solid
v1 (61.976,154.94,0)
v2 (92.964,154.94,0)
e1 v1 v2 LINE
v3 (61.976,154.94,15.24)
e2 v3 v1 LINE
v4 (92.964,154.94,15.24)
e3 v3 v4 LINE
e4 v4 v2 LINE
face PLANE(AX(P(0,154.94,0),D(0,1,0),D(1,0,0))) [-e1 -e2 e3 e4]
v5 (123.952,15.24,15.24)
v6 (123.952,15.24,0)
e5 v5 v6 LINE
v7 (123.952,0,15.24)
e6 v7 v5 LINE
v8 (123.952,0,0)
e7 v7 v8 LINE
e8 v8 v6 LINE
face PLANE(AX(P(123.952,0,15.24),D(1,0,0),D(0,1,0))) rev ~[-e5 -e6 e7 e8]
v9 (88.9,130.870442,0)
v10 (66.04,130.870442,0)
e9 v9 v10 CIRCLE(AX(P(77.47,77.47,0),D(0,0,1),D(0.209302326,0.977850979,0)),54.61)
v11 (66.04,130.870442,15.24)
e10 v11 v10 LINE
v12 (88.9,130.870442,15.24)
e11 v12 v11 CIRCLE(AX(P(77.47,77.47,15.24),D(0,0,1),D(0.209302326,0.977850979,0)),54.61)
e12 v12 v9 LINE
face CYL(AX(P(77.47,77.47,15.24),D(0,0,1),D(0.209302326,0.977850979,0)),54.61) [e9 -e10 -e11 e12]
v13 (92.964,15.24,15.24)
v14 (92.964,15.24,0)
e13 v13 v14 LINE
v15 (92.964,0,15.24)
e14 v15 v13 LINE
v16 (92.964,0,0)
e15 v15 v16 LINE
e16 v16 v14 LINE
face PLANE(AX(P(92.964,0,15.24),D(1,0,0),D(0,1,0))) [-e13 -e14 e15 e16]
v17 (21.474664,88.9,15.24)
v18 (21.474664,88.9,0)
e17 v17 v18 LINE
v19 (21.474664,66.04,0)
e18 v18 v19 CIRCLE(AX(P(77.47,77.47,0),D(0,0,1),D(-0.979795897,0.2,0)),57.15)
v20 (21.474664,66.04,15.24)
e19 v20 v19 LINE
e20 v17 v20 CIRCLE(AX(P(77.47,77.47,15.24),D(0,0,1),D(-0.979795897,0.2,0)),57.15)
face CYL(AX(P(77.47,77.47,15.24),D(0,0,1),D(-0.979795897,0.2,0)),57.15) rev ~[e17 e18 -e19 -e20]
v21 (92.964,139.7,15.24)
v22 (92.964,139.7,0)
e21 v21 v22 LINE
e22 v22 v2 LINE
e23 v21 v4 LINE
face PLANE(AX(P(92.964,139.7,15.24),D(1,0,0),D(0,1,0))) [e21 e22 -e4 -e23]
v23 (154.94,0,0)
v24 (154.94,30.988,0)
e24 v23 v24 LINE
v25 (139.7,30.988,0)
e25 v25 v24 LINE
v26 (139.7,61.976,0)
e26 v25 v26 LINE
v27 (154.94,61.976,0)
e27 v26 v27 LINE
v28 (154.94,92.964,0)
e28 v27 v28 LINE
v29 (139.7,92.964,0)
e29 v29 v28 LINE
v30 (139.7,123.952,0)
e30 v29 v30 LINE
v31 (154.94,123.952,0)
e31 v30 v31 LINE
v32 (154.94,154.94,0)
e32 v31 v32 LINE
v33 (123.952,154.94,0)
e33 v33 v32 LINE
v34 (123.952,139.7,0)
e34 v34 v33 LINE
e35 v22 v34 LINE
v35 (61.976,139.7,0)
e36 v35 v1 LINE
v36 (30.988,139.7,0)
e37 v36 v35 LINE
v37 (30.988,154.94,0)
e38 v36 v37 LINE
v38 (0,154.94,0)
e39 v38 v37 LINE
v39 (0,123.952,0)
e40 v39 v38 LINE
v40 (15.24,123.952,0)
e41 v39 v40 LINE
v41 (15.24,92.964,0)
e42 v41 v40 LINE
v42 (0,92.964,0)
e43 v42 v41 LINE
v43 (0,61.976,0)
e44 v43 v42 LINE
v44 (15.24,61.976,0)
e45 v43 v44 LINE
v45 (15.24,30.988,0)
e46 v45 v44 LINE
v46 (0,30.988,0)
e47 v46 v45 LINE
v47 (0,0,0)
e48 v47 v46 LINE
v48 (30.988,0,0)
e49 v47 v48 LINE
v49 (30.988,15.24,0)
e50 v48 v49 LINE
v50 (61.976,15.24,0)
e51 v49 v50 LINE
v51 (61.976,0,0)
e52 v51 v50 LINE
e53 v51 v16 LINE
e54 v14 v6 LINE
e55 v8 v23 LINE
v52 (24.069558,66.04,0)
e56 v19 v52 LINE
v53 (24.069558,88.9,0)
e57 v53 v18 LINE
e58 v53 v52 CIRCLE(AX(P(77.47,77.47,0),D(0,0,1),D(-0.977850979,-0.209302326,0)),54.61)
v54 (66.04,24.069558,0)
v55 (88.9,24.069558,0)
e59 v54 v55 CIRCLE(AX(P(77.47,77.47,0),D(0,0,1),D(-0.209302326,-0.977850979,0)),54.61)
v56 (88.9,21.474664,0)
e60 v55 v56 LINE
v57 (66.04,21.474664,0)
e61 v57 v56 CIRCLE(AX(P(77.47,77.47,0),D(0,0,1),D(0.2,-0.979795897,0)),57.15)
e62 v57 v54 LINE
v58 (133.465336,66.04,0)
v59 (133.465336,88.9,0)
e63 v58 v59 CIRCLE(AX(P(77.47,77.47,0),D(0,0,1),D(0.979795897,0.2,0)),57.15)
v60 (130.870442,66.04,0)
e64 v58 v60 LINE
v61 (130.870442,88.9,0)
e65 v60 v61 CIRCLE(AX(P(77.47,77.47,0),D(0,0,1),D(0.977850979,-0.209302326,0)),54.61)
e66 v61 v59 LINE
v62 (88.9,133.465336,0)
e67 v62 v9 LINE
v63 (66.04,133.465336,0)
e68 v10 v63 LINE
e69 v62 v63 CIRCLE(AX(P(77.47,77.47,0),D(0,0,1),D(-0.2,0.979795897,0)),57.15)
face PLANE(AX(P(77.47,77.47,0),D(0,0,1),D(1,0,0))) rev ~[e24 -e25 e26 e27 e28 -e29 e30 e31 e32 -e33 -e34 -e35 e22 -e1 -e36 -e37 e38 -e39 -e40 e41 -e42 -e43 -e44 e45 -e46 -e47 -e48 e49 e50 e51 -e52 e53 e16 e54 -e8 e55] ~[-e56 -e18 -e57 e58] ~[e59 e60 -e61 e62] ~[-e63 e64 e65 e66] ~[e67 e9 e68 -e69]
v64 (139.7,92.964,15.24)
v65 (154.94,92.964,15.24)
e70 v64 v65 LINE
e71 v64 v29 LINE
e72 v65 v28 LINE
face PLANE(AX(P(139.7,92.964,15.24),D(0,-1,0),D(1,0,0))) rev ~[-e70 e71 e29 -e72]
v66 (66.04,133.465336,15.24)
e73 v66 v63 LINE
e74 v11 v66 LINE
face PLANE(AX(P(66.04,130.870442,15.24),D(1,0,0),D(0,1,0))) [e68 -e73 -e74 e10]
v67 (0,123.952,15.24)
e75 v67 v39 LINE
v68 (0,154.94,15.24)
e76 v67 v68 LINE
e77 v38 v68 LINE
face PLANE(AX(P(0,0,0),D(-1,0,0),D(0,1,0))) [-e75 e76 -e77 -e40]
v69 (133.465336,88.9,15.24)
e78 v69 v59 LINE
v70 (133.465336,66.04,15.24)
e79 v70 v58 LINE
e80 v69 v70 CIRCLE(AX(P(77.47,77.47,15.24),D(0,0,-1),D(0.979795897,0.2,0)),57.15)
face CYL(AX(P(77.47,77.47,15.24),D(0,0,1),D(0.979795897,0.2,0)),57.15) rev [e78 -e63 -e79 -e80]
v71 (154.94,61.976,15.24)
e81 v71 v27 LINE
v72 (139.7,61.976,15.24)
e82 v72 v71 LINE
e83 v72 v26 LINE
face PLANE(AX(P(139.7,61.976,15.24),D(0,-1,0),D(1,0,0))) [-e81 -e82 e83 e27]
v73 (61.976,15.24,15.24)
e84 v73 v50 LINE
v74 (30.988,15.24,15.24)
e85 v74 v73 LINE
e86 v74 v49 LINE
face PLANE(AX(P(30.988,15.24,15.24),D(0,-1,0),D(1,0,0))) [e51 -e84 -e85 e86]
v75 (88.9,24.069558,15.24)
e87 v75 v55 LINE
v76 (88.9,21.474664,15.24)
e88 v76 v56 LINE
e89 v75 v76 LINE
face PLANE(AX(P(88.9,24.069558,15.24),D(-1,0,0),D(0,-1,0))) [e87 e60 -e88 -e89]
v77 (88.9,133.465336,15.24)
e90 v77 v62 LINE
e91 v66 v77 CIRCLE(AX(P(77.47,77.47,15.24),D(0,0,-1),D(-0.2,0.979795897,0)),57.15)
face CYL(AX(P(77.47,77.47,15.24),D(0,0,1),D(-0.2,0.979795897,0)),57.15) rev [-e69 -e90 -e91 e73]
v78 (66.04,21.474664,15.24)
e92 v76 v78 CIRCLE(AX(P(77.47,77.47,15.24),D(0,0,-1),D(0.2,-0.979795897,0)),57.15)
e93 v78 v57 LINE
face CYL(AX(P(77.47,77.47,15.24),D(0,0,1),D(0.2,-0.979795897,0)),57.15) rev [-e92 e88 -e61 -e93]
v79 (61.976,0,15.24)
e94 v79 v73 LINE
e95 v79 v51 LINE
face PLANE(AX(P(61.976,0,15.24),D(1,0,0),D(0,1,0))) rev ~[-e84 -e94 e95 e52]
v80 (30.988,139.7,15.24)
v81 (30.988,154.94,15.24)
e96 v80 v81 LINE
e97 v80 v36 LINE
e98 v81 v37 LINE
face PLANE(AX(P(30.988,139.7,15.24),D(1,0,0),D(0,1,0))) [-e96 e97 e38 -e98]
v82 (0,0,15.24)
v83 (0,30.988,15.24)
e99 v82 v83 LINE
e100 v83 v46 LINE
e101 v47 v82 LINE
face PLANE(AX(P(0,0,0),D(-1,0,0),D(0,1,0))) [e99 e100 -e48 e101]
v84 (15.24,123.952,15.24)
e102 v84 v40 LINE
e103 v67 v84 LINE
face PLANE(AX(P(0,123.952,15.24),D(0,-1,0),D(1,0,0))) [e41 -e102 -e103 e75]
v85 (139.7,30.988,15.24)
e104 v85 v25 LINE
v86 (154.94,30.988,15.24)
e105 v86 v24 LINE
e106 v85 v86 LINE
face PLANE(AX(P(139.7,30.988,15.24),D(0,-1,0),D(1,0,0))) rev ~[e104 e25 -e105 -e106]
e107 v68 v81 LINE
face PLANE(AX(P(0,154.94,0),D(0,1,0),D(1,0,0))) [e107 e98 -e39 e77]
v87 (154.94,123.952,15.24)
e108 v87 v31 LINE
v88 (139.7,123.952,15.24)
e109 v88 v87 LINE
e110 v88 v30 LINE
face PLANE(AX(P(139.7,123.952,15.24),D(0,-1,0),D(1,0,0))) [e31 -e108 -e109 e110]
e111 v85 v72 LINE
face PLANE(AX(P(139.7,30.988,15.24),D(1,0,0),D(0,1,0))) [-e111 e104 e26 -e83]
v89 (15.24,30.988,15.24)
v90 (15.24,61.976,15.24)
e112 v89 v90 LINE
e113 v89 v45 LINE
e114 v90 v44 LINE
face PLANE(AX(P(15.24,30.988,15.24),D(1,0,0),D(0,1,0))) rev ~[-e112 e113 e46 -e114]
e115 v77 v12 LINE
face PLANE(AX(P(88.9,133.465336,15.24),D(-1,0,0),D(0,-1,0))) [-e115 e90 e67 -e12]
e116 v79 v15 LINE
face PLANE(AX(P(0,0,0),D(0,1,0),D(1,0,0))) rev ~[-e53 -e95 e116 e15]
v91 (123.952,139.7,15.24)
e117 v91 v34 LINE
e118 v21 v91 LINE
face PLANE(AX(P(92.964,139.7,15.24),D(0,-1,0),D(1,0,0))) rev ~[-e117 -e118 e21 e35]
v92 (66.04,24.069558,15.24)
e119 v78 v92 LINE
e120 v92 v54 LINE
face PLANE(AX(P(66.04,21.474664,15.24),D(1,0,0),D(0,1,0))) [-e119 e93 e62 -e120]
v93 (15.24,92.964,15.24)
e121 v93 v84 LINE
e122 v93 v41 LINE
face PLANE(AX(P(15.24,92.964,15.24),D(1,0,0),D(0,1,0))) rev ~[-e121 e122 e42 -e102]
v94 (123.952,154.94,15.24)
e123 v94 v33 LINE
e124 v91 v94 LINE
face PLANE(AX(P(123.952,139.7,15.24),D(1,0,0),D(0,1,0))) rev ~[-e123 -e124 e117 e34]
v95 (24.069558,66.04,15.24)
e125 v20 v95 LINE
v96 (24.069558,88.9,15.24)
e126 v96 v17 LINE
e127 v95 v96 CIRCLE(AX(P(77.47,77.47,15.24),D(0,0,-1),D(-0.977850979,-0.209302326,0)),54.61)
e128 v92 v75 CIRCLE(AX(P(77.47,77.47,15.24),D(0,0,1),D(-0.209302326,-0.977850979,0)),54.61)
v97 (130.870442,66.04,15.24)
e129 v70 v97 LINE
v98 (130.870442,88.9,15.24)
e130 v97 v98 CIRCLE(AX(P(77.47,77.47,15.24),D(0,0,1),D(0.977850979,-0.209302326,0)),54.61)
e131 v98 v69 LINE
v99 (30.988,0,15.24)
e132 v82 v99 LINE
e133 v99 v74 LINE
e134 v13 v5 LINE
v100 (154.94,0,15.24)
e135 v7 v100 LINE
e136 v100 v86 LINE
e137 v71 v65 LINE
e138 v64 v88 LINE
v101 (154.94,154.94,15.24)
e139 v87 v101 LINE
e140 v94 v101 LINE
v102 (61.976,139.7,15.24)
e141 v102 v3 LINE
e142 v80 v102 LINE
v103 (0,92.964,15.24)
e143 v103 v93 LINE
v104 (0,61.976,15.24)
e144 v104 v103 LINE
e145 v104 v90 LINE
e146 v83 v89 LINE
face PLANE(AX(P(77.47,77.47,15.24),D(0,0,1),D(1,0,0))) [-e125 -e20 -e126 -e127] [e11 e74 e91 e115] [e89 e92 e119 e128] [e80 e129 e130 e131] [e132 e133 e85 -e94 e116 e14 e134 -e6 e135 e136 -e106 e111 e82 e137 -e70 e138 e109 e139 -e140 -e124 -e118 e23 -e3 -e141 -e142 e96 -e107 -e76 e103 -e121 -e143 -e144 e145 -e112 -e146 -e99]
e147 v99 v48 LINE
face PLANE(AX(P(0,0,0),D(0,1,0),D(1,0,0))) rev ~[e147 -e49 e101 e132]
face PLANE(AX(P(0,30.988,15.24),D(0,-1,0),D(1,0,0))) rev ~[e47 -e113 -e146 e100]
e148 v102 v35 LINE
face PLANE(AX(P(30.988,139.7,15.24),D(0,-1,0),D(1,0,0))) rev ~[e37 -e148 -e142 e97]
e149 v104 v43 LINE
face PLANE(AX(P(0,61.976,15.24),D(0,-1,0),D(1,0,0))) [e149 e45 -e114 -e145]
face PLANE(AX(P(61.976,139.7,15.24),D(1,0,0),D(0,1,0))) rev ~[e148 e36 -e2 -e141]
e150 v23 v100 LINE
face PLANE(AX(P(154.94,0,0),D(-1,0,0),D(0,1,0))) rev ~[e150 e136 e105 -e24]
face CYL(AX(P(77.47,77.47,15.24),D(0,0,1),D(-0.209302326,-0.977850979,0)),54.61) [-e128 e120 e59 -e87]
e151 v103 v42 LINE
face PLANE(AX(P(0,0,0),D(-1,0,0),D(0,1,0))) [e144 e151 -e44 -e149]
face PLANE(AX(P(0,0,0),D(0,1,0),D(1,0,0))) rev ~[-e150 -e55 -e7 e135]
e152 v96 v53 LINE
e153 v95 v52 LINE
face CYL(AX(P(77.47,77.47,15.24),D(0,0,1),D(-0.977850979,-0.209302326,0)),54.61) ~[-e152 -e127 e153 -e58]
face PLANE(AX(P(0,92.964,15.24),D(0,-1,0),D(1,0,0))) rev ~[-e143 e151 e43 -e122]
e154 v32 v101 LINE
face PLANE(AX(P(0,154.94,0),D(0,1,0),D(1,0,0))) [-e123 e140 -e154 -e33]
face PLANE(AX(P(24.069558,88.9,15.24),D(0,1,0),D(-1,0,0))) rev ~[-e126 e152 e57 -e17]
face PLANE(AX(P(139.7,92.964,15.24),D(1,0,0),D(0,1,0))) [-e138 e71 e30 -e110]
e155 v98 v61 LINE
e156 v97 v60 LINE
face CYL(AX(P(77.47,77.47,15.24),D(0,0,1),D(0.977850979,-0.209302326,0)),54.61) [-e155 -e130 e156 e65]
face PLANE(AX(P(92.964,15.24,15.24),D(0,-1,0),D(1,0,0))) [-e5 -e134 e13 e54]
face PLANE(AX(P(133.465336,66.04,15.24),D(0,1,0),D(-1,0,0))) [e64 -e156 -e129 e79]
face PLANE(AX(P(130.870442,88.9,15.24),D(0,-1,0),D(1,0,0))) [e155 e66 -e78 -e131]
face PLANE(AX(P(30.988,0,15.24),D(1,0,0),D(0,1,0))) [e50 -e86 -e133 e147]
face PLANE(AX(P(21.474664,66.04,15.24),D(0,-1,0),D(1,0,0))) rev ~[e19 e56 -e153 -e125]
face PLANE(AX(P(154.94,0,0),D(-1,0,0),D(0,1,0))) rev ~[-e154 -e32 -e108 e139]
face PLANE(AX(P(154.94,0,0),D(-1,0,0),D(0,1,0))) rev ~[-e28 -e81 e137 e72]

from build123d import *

# Parameters (mm, degrees)
SKETCH1_W           = 154.94
SKETCH1_H           = 154.94
BOSS_EXTRUDE1_DEPTH = 15.24
SKETCH3_W           = 15.24
SKETCH3_H           = 30.988
SKETCH3_W_2         = 30.988
SKETCH3_H_2         = 15.24
CUT_EXTRUDE1_DEPTH  = 220.647592293
CUT_EXTRUDE2_DEPTH  = 220.647592293


with BuildPart() as part:
    # Sketch1 → Boss-Extrude1 (new body)
    with BuildSketch(Plane.XY):
        with Locations((77.47, 77.47)):
            Rectangle(SKETCH1_W, SKETCH1_H)
    extrude(amount=BOSS_EXTRUDE1_DEPTH)

    # Sketch3 → Cut-Extrude1 (cut, through all)
    with BuildSketch(Plane.XY.offset(15.24)):
        with Locations((7.62, 108.458)):
            Rectangle(SKETCH3_W, SKETCH3_H)
        with Locations((7.62, 46.482)):
            Rectangle(SKETCH3_W, SKETCH3_H)
        with Locations((147.32, 108.458)):
            Rectangle(SKETCH3_W, SKETCH3_H)
        with Locations((147.32, 46.482)):
            Rectangle(SKETCH3_W, SKETCH3_H)
        with Locations((46.482, 147.32)):
            Rectangle(SKETCH3_W_2, SKETCH3_H_2)
        with Locations((108.458, 147.32)):
            Rectangle(SKETCH3_W_2, SKETCH3_H_2)
        with Locations((46.482, 7.62)):
            Rectangle(SKETCH3_W_2, SKETCH3_H_2)
        with Locations((108.458, 7.62)):
            Rectangle(SKETCH3_W_2, SKETCH3_H_2)
    extrude(amount=-CUT_EXTRUDE1_DEPTH, mode=Mode.SUBTRACT)

    # Sketch7 → Cut-Extrude2 (cut, through all)
    with BuildSketch(Plane.XY.offset(15.24)):
        with BuildLine():
            Line((21.47466448, 66.04), (24.069558054, 66.04))
            ThreePointArc((24.069558054, 66.04), (22.86, 77.47), (24.069558054, 88.9))
            Line((24.069558054, 88.9), (21.47466448, 88.9))
            ThreePointArc((21.47466448, 88.9), (20.32, 77.47), (21.47466448, 66.04))
        make_face()
        with BuildLine():
            Line((88.9, 24.069558054), (88.9, 21.47466448))
            ThreePointArc((88.9, 21.47466448), (77.47, 20.32), (66.04, 21.47466448))
            Line((66.04, 21.47466448), (66.04, 24.069558054))
            ThreePointArc((66.04, 24.069558054), (77.47, 22.86), (88.9, 24.069558054))
        make_face()
        with BuildLine():
            Line((130.870441946, 88.9), (133.46533552, 88.9))
            ThreePointArc((133.46533552, 88.9), (134.62, 77.47), (133.46533552, 66.04))
            Line((133.46533552, 66.04), (130.870441946, 66.04))
            ThreePointArc((130.870441946, 66.04), (132.08, 77.47), (130.870441946, 88.9))
        make_face()
        with BuildLine():
            Line((88.9, 133.46533552), (88.9, 130.870441946))
            ThreePointArc((88.9, 130.870441946), (77.47, 132.08), (66.04, 130.870441946))
            Line((66.04, 130.870441946), (66.04, 133.46533552))
            ThreePointArc((66.04, 133.46533552), (77.47, 134.62), (88.9, 133.46533552))
        make_face()
    extrude(amount=-CUT_EXTRUDE2_DEPTH, mode=Mode.SUBTRACT)


solid = part.part
